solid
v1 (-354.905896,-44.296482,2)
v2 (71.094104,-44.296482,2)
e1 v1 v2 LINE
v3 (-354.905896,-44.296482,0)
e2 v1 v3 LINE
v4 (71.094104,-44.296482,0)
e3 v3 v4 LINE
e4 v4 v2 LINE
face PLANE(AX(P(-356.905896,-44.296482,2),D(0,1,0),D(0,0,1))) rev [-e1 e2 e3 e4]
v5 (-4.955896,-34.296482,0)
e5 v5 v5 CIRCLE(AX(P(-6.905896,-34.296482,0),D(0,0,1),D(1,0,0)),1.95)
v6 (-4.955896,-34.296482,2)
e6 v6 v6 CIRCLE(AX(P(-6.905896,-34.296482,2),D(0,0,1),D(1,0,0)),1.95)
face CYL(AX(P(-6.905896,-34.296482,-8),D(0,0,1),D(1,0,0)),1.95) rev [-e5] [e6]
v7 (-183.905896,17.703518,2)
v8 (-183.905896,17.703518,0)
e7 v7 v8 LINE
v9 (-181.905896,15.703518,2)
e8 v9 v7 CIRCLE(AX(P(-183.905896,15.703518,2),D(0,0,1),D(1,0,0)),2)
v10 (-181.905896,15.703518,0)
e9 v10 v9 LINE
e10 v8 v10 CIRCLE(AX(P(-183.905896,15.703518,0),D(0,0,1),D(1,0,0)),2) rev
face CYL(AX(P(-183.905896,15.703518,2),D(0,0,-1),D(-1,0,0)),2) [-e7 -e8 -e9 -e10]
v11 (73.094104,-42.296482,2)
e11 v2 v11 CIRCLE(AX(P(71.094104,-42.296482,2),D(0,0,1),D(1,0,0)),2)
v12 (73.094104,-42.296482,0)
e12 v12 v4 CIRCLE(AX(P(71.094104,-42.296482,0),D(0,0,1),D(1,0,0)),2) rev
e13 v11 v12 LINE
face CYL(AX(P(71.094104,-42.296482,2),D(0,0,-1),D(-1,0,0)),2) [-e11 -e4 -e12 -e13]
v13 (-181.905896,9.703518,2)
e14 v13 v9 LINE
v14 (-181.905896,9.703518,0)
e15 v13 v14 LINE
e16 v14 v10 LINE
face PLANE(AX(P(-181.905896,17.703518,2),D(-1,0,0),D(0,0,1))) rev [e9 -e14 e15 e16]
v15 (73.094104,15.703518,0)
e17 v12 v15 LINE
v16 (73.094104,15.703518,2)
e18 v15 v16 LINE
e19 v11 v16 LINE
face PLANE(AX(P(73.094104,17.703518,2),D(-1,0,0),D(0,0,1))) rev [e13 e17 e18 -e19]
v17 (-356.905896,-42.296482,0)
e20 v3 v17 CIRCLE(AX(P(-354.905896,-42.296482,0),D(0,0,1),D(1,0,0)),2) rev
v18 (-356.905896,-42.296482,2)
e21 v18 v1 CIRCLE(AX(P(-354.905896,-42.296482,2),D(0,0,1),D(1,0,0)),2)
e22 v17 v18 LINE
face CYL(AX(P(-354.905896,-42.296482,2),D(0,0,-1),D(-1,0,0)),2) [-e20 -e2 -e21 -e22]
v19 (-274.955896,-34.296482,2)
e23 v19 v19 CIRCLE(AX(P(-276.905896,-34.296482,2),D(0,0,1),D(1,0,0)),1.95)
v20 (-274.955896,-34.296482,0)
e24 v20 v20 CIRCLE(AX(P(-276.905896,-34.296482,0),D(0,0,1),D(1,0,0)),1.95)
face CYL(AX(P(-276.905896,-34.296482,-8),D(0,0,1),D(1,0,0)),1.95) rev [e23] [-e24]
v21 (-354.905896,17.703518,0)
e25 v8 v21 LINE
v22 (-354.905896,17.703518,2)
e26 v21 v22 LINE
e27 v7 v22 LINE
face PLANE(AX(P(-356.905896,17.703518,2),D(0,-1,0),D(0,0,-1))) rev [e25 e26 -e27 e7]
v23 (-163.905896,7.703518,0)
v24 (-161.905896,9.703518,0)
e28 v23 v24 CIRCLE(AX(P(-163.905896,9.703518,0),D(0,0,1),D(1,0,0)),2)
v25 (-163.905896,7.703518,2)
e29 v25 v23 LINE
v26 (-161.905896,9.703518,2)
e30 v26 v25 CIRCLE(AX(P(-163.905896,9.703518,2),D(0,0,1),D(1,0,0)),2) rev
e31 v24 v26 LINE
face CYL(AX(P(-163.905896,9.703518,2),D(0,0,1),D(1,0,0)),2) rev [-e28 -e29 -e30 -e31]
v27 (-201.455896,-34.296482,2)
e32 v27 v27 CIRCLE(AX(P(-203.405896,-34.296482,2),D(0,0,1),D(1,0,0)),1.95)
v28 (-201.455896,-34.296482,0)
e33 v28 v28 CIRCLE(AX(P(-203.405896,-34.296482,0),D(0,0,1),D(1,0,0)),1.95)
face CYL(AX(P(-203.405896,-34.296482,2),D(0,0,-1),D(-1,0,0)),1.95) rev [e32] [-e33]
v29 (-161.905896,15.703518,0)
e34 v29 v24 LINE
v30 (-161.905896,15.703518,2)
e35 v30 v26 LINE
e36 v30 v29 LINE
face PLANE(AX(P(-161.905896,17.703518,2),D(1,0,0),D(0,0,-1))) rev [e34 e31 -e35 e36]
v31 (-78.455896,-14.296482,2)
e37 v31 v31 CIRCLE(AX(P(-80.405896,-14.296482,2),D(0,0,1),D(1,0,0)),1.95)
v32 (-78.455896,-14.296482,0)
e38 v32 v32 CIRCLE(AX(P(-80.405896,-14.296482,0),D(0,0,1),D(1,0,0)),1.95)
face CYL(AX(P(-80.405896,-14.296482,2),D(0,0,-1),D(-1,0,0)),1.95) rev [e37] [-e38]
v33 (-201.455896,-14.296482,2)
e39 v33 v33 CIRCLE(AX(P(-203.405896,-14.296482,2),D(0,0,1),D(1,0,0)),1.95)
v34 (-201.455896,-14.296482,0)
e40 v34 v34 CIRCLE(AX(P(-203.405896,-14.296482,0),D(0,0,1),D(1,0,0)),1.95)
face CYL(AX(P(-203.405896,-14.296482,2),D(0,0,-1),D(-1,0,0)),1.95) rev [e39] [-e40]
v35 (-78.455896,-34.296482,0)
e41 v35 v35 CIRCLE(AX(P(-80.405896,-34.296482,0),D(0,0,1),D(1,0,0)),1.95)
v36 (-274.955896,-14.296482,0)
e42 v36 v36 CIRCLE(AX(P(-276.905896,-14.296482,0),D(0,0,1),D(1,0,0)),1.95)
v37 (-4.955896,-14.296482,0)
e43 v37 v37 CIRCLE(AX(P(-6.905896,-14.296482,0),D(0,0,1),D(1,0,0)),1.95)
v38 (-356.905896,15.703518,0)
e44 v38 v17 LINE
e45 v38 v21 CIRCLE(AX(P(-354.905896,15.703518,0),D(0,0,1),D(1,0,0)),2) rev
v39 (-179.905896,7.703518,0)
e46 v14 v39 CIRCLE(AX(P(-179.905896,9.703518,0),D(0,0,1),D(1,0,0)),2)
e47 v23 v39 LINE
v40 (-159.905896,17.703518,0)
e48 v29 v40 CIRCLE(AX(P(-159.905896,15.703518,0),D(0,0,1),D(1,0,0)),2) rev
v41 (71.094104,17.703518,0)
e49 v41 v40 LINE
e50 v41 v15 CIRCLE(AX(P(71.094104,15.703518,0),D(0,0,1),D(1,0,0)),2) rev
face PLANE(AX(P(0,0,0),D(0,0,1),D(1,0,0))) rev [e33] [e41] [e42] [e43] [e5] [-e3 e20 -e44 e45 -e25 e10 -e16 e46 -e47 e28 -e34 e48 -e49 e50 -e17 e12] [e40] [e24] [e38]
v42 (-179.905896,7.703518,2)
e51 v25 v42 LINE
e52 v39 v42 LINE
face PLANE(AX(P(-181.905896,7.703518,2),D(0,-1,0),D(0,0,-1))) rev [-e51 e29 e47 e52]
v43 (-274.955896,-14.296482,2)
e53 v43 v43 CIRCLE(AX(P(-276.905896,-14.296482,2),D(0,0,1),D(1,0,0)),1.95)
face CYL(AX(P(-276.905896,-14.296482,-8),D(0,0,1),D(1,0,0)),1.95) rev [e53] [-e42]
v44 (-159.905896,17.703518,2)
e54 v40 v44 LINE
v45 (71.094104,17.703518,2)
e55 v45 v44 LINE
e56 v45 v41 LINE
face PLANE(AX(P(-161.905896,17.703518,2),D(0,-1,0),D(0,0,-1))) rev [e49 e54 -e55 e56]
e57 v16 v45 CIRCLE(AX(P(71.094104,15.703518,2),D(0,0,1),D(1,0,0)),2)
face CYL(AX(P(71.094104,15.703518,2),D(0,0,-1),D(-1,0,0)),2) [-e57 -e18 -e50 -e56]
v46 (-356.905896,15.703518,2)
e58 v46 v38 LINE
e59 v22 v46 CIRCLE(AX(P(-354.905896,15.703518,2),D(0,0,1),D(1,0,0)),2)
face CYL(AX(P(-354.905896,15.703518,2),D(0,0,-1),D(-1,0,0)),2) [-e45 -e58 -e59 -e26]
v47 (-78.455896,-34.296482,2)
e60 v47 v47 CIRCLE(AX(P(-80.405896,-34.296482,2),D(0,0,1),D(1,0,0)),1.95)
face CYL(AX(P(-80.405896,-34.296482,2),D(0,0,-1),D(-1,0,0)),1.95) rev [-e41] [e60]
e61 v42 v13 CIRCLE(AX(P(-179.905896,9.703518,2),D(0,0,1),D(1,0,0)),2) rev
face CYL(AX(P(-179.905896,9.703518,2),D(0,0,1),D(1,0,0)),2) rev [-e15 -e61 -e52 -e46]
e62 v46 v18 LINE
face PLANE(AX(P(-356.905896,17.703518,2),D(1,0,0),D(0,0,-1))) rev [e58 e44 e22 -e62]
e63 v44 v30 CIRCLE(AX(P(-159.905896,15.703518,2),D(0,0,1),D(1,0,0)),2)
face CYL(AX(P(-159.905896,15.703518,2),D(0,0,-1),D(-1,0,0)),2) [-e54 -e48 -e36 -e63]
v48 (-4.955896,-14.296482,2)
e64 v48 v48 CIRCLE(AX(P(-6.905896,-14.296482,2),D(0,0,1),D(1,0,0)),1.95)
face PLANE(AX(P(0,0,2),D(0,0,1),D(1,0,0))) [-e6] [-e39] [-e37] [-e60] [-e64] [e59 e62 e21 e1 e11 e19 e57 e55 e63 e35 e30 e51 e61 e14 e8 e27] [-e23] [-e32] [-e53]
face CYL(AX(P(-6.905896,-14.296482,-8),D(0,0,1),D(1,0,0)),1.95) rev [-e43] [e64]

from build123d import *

# Parameters (mm, degrees)
SKETCH1_R           = 1.95
BOSS_EXTRUDE1_DEPTH = 2
FILLET1_R           = 2
SKETCH2_R           = 1.95
CUT_EXTRUDE1_DEPTH  = 10


with BuildPart() as part:
    # Sketch1 → Boss-Extrude1 (new body)
    with BuildSketch(Plane.XY):
        Polygon((-161.905896291, 17.703517588), (73.094103709, 17.703517588), (73.094103709, -44.296482412), (-356.905896291, -44.296482412), (-356.905896291, 17.703517588), (-181.905896291, 17.703517588), (-181.905896291, 7.703517588), (-161.905896291, 7.703517588), align=None)
        with Locations((-80.405896291, -14.296482412)):
            Circle(SKETCH1_R, mode=Mode.SUBTRACT)
        with Locations((-80.405896291, -34.296482412)):
            Circle(SKETCH1_R, mode=Mode.SUBTRACT)
        with Locations((-203.405896291, -14.296482412)):
            Circle(SKETCH1_R, mode=Mode.SUBTRACT)
        with Locations((-203.405896291, -34.296482412)):
            Circle(SKETCH1_R, mode=Mode.SUBTRACT)
    extrude(amount=BOSS_EXTRUDE1_DEPTH)

    # Fillet1
    fillet1_edges = [part.edges().sort_by_distance(p)[0] for p in [
        (-356.905896291, 17.703517588, 1),
        (-181.905896291, 17.703517588, 1),
        (-181.905896291, 7.703517588, 1),
        (-161.905896291, 7.703517588, 1),
        (-161.905896291, 17.703517588, 1),
        (73.094103709, 17.703517588, 1),
        (73.094103709, -44.296482412, 1),
        (-356.905896291, -44.296482412, 1),
    ]]
    fillet(fillet1_edges, radius=FILLET1_R)

    # Sketch2 → Cut-Extrude1 (cut)
    with BuildSketch(Plane.XY.offset(2)):
        with Locations((-276.905896291, -14.296482412)):
            Circle(SKETCH2_R)
        with Locations((-276.905896291, -34.296482412)):
            Circle(SKETCH2_R)
        with Locations((-6.905896291, -14.296482412)):
            Circle(SKETCH2_R)
        with Locations((-6.905896291, -34.296482412)):
            Circle(SKETCH2_R)
    extrude(amount=-CUT_EXTRUDE1_DEPTH, mode=Mode.SUBTRACT)


solid = part.part
